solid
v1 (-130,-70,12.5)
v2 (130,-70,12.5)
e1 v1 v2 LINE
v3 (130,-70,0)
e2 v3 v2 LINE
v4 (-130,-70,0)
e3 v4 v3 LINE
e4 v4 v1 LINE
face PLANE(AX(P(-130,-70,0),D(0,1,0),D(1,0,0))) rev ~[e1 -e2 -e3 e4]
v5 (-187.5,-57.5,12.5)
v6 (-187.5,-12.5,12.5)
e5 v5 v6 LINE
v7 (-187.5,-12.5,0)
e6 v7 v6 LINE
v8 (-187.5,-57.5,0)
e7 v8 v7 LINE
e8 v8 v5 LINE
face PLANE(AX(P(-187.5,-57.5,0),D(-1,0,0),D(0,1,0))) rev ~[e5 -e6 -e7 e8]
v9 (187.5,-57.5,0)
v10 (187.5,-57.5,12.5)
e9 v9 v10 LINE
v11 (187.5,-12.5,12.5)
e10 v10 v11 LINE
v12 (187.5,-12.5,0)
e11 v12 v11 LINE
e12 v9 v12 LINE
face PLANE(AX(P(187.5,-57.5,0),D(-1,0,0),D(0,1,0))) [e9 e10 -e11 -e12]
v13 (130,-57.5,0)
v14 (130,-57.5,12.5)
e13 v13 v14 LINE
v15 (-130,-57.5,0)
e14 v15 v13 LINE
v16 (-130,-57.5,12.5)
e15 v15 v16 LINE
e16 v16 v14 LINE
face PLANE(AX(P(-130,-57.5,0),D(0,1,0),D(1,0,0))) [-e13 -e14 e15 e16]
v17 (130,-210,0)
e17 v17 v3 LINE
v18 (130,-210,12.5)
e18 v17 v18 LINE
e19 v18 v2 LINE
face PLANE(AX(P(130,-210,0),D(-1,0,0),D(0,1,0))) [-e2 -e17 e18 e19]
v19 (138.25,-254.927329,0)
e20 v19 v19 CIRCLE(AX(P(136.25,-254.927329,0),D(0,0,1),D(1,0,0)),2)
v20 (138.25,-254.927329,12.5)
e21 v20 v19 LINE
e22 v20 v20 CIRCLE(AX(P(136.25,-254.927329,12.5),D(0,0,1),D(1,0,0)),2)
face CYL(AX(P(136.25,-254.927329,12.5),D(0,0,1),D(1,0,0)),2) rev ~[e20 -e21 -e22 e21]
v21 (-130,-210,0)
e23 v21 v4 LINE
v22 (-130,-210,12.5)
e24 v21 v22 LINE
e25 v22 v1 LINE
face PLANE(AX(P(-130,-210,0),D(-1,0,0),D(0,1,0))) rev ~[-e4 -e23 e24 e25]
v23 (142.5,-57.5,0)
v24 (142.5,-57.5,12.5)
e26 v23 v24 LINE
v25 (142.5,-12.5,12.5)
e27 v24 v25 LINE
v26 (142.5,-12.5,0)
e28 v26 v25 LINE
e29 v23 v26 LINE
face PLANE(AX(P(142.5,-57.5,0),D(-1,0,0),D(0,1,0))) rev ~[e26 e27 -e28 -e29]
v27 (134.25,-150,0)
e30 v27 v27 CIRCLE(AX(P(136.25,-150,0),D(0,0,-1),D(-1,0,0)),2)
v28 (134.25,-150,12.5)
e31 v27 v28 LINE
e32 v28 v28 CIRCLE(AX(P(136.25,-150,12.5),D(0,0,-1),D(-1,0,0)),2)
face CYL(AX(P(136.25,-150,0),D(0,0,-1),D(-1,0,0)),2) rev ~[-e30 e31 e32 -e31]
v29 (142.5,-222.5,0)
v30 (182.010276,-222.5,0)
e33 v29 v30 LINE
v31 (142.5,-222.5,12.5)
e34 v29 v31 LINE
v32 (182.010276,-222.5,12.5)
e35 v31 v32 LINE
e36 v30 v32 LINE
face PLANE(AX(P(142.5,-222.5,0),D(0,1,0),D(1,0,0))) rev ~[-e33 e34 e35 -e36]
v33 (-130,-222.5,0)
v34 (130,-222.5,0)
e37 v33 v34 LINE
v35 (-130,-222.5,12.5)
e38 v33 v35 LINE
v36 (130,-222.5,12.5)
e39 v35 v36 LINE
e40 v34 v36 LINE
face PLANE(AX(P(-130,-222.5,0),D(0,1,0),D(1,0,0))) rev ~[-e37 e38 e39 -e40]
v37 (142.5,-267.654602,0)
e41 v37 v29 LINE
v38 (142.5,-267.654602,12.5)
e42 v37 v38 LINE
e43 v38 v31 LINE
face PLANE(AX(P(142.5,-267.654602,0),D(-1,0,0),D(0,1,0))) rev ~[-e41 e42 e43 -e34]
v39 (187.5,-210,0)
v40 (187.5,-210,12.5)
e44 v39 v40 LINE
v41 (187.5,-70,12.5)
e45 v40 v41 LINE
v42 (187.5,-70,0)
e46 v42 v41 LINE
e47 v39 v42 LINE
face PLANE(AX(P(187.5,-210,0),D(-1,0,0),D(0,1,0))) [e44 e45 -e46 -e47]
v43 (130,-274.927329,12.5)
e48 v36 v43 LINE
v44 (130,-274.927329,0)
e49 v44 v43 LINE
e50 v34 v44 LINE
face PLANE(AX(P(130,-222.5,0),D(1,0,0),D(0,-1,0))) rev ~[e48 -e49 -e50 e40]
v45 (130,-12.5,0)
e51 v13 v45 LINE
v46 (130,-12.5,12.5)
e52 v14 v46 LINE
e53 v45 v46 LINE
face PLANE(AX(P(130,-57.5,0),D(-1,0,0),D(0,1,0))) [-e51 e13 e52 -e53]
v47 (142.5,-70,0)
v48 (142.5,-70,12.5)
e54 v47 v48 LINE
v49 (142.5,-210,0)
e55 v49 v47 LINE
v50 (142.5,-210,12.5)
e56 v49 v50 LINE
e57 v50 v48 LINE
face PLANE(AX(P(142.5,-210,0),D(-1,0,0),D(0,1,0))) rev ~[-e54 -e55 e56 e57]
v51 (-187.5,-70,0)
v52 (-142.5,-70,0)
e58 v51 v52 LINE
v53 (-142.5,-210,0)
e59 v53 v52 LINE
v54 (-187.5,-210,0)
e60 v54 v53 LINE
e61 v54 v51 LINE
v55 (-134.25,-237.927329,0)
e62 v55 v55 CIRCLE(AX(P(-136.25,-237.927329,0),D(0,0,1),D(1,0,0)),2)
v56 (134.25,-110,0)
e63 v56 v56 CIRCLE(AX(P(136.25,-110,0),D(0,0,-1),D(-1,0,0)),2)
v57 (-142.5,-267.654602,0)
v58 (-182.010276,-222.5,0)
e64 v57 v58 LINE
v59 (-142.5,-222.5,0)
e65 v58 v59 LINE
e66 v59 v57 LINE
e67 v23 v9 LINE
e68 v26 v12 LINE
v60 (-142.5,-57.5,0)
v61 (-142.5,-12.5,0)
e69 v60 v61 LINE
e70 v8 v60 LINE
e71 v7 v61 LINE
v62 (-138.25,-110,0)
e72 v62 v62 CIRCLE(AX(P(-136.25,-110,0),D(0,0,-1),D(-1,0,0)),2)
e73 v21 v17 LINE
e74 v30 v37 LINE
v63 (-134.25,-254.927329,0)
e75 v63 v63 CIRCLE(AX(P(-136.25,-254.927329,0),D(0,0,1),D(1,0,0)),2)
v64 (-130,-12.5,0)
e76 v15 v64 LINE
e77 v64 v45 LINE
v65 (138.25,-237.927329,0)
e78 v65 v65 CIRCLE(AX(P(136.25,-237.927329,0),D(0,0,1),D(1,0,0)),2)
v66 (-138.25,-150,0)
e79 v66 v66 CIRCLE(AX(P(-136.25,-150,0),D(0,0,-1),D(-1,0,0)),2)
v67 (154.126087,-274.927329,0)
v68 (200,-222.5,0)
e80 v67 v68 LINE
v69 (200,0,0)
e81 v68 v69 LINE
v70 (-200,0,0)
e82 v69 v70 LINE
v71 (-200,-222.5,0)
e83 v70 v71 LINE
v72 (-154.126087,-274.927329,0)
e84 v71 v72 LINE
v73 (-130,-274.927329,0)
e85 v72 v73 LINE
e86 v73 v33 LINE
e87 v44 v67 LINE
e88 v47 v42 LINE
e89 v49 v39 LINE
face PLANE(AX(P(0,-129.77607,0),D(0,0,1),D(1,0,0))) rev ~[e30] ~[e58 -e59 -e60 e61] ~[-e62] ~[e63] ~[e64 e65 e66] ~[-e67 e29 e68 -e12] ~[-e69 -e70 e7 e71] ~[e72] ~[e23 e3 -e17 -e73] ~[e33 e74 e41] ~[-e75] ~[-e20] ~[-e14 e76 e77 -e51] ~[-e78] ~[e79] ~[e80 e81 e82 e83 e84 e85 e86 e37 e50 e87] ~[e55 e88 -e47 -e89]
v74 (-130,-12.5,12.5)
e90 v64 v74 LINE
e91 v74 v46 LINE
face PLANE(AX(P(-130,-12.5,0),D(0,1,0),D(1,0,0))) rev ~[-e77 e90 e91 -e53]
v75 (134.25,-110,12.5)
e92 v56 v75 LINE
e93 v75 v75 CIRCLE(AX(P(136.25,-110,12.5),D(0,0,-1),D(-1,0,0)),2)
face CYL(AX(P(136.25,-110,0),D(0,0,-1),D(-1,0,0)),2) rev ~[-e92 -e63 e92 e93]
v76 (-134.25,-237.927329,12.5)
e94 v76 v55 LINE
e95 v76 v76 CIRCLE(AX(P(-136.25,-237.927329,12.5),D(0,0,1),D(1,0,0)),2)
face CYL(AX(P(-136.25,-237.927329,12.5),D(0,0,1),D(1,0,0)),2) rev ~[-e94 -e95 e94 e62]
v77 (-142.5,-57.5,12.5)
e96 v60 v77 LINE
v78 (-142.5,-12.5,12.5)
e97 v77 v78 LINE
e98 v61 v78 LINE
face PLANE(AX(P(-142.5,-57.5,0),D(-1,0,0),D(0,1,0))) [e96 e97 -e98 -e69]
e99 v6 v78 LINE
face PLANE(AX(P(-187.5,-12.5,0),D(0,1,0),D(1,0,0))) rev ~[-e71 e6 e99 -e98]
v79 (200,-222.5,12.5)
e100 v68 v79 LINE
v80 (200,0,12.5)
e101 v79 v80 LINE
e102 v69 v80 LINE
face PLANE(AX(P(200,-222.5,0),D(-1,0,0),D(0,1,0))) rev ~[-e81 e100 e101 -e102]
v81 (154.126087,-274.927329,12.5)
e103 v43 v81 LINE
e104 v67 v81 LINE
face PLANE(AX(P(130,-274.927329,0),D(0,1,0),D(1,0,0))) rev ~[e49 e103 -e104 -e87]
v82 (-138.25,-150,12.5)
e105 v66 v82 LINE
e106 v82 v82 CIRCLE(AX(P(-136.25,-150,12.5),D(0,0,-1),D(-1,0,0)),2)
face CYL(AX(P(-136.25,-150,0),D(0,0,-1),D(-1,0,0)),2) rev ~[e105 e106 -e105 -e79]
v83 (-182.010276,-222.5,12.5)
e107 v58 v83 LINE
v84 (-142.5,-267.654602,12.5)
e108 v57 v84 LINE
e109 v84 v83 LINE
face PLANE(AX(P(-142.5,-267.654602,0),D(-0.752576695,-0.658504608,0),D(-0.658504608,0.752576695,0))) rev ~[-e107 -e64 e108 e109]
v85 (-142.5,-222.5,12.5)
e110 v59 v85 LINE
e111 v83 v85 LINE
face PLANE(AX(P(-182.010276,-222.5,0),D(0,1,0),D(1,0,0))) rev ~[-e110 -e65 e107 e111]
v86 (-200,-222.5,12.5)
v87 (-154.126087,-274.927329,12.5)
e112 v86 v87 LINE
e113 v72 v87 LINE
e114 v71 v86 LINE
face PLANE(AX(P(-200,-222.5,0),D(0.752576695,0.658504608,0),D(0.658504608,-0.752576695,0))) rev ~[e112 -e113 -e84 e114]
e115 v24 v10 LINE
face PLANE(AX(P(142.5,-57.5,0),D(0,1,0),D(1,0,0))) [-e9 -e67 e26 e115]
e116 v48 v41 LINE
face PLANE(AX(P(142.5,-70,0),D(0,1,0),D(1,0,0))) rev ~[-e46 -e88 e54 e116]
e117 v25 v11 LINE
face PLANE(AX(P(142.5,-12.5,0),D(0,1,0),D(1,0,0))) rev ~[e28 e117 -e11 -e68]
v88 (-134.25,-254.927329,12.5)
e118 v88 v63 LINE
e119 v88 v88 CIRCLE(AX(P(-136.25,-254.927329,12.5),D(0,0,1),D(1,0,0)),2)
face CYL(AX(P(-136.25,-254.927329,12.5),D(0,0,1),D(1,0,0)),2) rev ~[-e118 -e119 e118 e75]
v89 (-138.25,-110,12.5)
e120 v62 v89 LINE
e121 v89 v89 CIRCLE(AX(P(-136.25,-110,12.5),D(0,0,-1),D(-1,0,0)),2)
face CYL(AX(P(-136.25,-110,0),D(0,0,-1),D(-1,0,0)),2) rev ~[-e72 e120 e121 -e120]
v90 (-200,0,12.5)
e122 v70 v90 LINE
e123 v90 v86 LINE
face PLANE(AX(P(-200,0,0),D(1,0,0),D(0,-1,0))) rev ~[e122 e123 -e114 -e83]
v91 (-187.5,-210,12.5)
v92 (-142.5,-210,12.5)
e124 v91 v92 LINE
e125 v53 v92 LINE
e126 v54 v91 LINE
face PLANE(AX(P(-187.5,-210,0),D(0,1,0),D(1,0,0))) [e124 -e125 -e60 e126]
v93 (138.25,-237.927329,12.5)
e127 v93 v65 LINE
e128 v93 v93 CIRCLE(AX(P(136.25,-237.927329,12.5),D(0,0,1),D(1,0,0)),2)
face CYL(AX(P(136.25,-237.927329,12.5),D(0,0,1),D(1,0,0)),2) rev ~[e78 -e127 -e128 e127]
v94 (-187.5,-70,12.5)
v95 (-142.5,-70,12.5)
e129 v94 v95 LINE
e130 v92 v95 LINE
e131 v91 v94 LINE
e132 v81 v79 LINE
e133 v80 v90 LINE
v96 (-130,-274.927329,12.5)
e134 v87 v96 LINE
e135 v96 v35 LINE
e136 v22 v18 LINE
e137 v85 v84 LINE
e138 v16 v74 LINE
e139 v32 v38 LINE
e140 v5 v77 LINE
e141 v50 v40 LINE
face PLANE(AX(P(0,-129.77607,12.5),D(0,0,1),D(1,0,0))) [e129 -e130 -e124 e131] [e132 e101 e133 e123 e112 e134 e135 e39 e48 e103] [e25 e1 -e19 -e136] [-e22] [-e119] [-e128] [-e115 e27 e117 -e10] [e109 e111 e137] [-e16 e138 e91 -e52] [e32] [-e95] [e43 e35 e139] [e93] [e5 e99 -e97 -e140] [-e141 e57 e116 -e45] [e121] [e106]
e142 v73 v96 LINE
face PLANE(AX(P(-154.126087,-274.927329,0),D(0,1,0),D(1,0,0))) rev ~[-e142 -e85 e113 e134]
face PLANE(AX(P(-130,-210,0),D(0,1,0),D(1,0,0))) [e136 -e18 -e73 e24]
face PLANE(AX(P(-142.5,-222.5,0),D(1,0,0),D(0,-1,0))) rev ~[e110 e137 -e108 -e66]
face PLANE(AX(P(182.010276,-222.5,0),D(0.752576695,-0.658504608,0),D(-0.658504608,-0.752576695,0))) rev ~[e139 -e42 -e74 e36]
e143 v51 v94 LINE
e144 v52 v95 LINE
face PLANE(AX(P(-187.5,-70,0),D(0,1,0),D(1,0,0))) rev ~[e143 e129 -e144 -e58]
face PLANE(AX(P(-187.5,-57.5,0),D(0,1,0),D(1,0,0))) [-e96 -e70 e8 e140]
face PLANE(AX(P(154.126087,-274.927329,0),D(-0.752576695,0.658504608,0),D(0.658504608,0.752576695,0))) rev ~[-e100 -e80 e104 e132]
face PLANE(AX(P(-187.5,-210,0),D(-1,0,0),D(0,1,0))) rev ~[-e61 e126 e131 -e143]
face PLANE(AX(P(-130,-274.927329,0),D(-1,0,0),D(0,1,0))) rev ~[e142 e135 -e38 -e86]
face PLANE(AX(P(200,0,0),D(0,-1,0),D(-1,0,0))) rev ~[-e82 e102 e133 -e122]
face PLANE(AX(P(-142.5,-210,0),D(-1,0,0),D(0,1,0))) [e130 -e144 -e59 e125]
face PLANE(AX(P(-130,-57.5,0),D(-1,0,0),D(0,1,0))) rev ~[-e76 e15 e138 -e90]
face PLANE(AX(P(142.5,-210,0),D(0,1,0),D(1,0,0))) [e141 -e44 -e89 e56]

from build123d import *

# Parameters (mm, degrees)
SKETCH1_W           = 45
SKETCH1_H           = 140
SKETCH1_H_2         = 45
SKETCH1_W_2         = 260
BOSS_EXTRUDE1_DEPTH = 12.5
SKETCH2_R           = 2
CUT_EXTRUDE1_DEPTH  = 15
SKETCH3_R           = 2
CUT_EXTRUDE2_DEPTH  = 15


with BuildPart() as part:
    # Sketch1 → Boss-Extrude1 (new body)
    with BuildSketch(Plane.XY):
        Polygon((200, 0), (0, 0), (-200, 0), (-200, -222.5), (-154.126087164, -274.927328955), (-130, -274.927328955), (-130, -222.5), (130, -222.5), (130, -274.927328955), (154.126087164, -274.927328955), (200, -222.5), align=None)
        Polygon((-142.5, -267.654601682), (-182.010276472, -222.5), (-142.5, -222.5), align=None, mode=Mode.SUBTRACT)
        Polygon((142.5, -222.5), (182.010276472, -222.5), (142.5, -267.654601682), align=None, mode=Mode.SUBTRACT)
        with Locations((-165, -140)):
            Rectangle(SKETCH1_W, SKETCH1_H, mode=Mode.SUBTRACT)
        with Locations((-165, -35)):
            Rectangle(SKETCH1_W, SKETCH1_H_2, mode=Mode.SUBTRACT)
        with Locations((0, -35)):
            Rectangle(SKETCH1_W_2, SKETCH1_H_2, mode=Mode.SUBTRACT)
        with Locations((0, -140)):
            Rectangle(SKETCH1_W_2, SKETCH1_H, mode=Mode.SUBTRACT)
        with Locations((165, -140)):
            Rectangle(SKETCH1_W, SKETCH1_H, mode=Mode.SUBTRACT)
        with Locations((165, -35)):
            Rectangle(SKETCH1_W, SKETCH1_H_2, mode=Mode.SUBTRACT)
    extrude(amount=BOSS_EXTRUDE1_DEPTH)

    # Sketch2 → Cut-Extrude1 (cut)
    with BuildSketch(Plane(origin=(0, 0, 0), x_dir=(-1, 0, 0), z_dir=(0, 0, -1))):
        with Locations((136.25, -110)):
            Circle(SKETCH2_R)
        with Locations((136.25, -150)):
            Circle(SKETCH2_R)
        with Locations((-136.25, -110)):
            Circle(SKETCH2_R)
        with Locations((-136.25, -150)):
            Circle(SKETCH2_R)
    extrude(amount=-CUT_EXTRUDE1_DEPTH, mode=Mode.SUBTRACT)

    # Sketch3 → Cut-Extrude2 (cut)
    with BuildSketch(Plane.XY.offset(12.5)):
        with Locations((-136.25, -237.927328955)):
            Circle(SKETCH3_R)
        with Locations((-136.25, -254.927328955)):
            Circle(SKETCH3_R)
        with Locations((136.25, -254.927328955)):
            Circle(SKETCH3_R)
        with Locations((136.25, -237.927328955)):
            Circle(SKETCH3_R)
    extrude(amount=-CUT_EXTRUDE2_DEPTH, mode=Mode.SUBTRACT)


solid = part.part
